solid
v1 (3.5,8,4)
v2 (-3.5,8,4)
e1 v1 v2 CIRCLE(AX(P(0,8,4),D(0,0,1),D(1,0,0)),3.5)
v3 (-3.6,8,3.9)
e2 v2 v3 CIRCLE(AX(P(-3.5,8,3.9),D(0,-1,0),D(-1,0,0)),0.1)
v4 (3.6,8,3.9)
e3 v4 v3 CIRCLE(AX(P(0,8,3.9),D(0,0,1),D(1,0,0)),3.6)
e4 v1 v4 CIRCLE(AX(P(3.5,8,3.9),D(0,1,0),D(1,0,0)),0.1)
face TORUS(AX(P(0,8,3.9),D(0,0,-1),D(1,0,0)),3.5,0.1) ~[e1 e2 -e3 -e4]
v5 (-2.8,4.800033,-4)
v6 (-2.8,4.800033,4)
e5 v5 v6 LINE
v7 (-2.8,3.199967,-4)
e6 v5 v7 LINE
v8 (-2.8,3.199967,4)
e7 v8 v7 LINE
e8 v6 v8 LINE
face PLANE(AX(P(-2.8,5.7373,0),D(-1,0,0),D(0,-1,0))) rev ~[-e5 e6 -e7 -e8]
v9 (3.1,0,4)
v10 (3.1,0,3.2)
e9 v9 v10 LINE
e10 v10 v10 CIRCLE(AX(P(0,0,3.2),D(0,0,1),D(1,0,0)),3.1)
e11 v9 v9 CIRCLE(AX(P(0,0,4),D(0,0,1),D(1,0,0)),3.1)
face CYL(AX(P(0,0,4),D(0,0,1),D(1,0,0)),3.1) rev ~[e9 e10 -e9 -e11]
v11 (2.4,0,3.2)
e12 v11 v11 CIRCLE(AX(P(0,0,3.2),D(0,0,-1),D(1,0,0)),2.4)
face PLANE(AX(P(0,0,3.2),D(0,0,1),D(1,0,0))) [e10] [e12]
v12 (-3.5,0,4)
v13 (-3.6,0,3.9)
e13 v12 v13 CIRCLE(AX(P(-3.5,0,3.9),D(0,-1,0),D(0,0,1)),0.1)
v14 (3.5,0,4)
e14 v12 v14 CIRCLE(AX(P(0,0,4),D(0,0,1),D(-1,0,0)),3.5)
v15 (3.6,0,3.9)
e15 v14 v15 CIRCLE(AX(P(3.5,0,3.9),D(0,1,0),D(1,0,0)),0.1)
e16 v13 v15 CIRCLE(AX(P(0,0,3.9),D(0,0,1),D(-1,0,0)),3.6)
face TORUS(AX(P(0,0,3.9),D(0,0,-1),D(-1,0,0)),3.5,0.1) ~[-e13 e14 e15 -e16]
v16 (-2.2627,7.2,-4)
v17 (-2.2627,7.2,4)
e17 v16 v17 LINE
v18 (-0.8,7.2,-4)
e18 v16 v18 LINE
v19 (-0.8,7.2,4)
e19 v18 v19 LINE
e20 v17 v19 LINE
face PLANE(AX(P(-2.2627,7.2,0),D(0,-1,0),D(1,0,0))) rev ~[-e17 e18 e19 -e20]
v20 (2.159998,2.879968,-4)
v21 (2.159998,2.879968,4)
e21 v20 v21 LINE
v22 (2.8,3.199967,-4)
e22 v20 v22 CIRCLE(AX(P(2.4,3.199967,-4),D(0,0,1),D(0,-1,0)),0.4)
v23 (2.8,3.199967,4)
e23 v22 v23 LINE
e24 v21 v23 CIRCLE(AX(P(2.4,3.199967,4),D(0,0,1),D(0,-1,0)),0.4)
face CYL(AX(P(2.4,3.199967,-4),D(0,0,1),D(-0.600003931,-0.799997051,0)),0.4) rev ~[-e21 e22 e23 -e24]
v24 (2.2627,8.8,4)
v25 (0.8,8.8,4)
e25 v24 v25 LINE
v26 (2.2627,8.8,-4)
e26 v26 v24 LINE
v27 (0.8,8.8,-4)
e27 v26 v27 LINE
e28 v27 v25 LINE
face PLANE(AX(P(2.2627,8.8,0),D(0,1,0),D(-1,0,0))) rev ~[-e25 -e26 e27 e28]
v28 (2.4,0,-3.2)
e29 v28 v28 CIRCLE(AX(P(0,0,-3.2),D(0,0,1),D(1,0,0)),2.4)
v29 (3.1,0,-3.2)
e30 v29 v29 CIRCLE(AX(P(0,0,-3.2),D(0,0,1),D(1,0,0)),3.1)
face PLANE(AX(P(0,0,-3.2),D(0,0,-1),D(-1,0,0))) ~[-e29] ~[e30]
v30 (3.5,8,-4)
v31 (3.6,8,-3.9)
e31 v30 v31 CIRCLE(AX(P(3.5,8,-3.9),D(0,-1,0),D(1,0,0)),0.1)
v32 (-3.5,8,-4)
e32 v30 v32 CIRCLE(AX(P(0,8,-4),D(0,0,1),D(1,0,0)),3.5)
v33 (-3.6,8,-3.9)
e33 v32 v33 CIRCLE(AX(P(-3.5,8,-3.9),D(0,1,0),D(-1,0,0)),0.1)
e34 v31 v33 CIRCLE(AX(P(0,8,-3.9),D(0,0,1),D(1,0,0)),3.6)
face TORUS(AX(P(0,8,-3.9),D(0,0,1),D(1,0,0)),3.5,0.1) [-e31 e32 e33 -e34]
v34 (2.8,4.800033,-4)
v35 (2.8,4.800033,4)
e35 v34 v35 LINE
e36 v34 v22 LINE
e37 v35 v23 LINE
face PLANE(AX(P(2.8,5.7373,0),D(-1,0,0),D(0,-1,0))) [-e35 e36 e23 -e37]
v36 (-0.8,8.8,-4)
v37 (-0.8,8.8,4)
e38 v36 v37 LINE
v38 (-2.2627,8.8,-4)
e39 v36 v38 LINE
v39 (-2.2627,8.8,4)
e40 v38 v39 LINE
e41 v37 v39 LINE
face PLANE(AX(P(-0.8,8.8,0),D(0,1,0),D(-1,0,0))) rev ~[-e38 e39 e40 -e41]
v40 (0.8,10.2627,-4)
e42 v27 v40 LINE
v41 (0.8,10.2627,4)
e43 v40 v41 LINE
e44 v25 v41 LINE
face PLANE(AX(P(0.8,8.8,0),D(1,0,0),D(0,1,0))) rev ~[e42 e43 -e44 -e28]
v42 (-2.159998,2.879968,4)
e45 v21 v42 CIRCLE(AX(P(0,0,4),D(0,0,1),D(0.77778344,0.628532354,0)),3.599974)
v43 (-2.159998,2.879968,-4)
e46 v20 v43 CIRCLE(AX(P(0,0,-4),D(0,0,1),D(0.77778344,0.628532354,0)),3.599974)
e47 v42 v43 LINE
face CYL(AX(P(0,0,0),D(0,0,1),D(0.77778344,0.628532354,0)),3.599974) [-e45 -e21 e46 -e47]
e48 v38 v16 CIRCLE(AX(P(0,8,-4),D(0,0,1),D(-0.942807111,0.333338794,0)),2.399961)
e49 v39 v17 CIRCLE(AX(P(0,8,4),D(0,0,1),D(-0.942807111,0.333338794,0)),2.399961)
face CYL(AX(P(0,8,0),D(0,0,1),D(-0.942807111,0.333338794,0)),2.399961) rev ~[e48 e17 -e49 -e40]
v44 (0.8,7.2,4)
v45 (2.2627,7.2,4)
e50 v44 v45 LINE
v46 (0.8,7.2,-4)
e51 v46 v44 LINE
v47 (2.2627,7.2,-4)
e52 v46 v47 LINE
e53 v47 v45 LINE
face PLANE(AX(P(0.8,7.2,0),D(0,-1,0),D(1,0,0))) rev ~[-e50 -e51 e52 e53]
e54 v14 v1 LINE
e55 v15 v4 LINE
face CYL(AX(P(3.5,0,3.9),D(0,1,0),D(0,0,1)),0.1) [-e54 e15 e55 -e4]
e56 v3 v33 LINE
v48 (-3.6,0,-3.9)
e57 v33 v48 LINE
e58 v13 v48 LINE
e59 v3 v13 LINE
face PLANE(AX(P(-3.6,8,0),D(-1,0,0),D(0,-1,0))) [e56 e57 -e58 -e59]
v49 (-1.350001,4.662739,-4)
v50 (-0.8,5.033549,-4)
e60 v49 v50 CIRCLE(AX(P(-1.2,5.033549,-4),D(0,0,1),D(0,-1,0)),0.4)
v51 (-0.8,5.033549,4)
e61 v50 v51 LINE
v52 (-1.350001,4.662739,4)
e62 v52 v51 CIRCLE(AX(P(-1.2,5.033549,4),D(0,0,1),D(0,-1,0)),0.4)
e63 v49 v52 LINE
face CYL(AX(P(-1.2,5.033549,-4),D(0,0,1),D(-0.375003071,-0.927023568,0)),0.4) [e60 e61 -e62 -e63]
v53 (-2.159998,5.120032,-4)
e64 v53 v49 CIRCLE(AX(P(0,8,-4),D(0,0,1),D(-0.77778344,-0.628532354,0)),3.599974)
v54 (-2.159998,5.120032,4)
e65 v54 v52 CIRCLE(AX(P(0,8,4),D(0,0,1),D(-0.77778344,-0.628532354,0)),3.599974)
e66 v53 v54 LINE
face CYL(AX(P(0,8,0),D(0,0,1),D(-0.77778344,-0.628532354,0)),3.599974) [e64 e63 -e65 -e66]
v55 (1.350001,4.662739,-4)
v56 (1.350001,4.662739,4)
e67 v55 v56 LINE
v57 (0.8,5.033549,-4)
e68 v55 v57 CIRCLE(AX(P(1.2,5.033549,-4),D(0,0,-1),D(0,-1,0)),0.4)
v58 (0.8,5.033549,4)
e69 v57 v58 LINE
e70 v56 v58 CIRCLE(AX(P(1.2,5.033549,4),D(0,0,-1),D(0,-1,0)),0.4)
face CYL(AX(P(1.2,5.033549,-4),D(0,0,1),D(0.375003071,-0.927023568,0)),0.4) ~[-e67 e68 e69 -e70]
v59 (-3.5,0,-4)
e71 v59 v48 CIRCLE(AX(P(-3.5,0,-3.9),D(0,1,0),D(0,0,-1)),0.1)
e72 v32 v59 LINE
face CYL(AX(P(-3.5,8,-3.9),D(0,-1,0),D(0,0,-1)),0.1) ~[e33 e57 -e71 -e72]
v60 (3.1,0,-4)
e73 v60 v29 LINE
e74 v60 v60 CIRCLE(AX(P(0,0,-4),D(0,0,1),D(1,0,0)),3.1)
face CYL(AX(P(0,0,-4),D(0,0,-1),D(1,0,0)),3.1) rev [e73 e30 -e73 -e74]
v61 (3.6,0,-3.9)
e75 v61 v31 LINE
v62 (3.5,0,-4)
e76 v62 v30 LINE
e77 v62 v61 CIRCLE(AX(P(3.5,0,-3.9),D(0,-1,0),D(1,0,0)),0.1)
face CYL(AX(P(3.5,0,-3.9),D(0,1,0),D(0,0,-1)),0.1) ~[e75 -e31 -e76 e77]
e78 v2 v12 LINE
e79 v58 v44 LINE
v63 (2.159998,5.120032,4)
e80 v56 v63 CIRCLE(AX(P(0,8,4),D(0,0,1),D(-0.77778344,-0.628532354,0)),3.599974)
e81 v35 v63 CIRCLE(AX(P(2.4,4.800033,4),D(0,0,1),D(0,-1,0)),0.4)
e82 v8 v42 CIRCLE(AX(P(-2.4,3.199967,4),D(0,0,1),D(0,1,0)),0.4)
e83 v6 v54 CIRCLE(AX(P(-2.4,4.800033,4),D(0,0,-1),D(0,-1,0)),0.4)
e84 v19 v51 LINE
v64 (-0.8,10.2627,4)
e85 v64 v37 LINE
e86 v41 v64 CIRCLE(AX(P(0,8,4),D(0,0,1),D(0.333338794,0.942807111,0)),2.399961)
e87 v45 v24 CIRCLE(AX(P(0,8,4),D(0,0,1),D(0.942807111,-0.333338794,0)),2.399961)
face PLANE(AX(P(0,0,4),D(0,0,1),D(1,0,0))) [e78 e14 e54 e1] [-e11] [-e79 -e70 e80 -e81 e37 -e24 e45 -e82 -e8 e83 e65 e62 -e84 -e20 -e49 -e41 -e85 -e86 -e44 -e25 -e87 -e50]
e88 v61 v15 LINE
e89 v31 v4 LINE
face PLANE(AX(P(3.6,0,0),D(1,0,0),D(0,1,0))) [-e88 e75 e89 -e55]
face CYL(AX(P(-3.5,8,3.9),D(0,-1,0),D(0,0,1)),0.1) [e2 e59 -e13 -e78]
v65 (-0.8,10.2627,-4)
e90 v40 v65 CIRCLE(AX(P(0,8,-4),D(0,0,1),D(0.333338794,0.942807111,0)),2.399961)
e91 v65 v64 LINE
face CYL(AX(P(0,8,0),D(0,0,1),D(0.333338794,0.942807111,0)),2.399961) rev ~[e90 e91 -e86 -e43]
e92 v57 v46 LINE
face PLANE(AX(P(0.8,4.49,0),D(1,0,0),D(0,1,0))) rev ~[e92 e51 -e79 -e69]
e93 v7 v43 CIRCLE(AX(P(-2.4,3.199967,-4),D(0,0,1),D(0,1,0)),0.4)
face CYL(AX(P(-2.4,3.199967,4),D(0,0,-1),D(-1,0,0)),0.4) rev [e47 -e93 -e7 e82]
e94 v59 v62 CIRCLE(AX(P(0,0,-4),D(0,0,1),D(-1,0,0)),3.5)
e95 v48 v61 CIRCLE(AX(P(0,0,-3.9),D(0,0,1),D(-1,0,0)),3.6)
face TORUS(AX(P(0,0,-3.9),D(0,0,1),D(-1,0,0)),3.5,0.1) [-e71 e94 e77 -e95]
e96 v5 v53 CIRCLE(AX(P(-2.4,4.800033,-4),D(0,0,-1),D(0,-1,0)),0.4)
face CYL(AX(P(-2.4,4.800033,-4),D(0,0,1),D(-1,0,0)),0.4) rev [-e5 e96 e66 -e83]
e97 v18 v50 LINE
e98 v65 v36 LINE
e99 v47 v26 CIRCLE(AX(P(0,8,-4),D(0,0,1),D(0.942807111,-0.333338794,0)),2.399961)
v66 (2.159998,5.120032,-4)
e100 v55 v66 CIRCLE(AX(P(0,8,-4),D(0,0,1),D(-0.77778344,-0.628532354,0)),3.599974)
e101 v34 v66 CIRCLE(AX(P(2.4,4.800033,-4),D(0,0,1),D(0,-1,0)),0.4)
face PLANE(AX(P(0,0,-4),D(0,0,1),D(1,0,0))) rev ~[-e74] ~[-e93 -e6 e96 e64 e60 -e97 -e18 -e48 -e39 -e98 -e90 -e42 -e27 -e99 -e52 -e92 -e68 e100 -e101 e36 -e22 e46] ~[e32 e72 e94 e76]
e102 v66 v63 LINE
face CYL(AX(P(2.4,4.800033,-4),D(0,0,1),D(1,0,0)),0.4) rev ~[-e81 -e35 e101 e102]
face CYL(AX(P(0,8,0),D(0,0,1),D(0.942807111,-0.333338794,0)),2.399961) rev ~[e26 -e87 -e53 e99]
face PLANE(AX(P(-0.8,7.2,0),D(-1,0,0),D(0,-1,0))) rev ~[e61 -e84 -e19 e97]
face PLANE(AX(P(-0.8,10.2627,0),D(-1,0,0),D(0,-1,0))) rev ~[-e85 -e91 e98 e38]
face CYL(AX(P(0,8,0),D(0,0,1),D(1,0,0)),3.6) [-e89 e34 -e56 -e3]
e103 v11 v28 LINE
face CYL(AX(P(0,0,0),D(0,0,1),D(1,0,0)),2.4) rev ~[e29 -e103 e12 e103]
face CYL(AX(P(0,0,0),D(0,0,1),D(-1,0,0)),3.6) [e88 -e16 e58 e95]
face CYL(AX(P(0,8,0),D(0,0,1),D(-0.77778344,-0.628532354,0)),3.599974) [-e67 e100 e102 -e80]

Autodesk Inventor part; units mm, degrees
ref_plane "YZ Plane" through (0, 0, 0) normal (1, 0, 0) x (0, 1, 0)
ref_plane "XZ Plane" through (0, 0, 0) normal (0, 1, 0) x (-1, 0, 0)
ref_plane "XY Plane" through (0, 0, 0) normal (0, 0, 1) x (1, 0, 0)
sketch "Sketch1" plane through (0, 0, 0) normal (0, 0, 1) x (1, 0, 0)
  line L0 (3.6, 0) -> (3.6, 8)
  line L1 (-3.6, 8) -> (-3.6, 0)
  arc A0 (3.6, 8) -> (-3.6, 8) centre (0, 8) ccw
  circle A1 centre (0, 8) radius 2.4 construction
  circle A2 centre (0, 8) radius 3.2 construction
  circle A3 centre (0, 0) radius 3.2
  circle A4 centre (0, 0) radius 2.4
  line L2 (0, 0) -> (0, 8) construction
  line L3 (-2.8, 5.7373) -> (-2.8, 2.2627)
  line L4 (2.8, 5.7373) -> (2.8, 2.2627)
  arc A5 (-2.8, 5.7373) -> (2.8, 5.7373) centre (0, 8) ccw
  arc A6 (2.8, 2.2627) -> (-2.8, 2.2627) centre (0, 0) ccw
  arc A7 (-3.6, 0) -> (3.6, 0) centre (0, 0) ccw
  line L5 (0.8, 4.49) -> (0.8, 7.2)
  line L6 (0.8, 7.2) -> (2.2627, 7.2)
  line L7 (2.2627, 8.8) -> (0.8, 8.8)
  line L8 (0.8, 8.8) -> (0.8, 10.2627)
  line L9 (-0.8, 10.2627) -> (-0.8, 8.8)
  line L10 (-0.8, 8.8) -> (-2.2627, 8.8)
  line L11 (-2.2627, 7.2) -> (-0.8, 7.2)
  line L12 (-0.8, 7.2) -> (-0.8, 4.49)
  arc A8 (-2.2627, 8.8) -> (-2.2627, 7.2) centre (0, 8) ccw
  arc A9 (0.8, 10.2627) -> (-0.8, 10.2627) centre (0, 8) ccw
  arc A10 (2.2627, 7.2) -> (2.2627, 8.8) centre (0, 8) ccw
  dimension "d8" = 4.8
  dimension "d9" = 6.4
  dimension "d32" = 7.2
  dimension "d34" = 8
  dimension "d36" = 0.8
  dimension "d52" = 1.6
extrude "Extrusion1" add sketch "Sketch1" along normal mid plane 8 contours A7 L1 A0 L0 | A3
sketch "Sketch6" plane through (0, 0, 4) normal (0, 0, 1) x (1, 0, 0)
  circle A0 centre (0, 0) radius 3.1
  circle A1 centre (0, 0) radius 2.4 projected
  dimension "d53" = 6.2
extrude "Extrusion7" cut sketch "Sketch6" against normal blind 0.8 contours A0 | A1
mirror "Mirror1" about plane through (0, 0, 0) normal (0, 0, 1) of "Extrusion7"
fillet "Fillet1" radius 0.1 6 edges at (0, 11.6, 4) (3.6, 4, 4) (-3.6, 4, 4) (0, 11.6, -4) (-3.6, 4, -4) (3.6, 4, -4)
fillet "Fillet1" radius 0.4 6 edges at (-2.8, 5.7373, 0) (-2.8, 2.2627, 0) (2.8, 2.2627, 0) (2.8, 5.7373, 0) (0.8, 4.49, 0) (-0.8, 4.49, 0)
equation "\"d8\" = kd"
equation "\"d9\" = tsd"
equation "\"d32\" = tlad"
equation "\"d34\" = lu"
equation "\"d52\" = axlet"
equation "\"d14\" = lu"
equation "\"d41\" = tsl"
equation "\"d45\" = lf"
equation "\"d46\" = tf"
equation "\"kd\" = 4.8"
equation "\"tsd\" = 6.4"
equation "\"tlad\" = 7.2"
equation "\"lu\" = 8"
equation "\"axlet\" = 1.6"
equation "\"tsl\" = 0.8"
equation "\"lf\" = 0.1"
equation "\"tf\" = 0.4"
properties part number "60483-Black" material "ABS Plastic"
